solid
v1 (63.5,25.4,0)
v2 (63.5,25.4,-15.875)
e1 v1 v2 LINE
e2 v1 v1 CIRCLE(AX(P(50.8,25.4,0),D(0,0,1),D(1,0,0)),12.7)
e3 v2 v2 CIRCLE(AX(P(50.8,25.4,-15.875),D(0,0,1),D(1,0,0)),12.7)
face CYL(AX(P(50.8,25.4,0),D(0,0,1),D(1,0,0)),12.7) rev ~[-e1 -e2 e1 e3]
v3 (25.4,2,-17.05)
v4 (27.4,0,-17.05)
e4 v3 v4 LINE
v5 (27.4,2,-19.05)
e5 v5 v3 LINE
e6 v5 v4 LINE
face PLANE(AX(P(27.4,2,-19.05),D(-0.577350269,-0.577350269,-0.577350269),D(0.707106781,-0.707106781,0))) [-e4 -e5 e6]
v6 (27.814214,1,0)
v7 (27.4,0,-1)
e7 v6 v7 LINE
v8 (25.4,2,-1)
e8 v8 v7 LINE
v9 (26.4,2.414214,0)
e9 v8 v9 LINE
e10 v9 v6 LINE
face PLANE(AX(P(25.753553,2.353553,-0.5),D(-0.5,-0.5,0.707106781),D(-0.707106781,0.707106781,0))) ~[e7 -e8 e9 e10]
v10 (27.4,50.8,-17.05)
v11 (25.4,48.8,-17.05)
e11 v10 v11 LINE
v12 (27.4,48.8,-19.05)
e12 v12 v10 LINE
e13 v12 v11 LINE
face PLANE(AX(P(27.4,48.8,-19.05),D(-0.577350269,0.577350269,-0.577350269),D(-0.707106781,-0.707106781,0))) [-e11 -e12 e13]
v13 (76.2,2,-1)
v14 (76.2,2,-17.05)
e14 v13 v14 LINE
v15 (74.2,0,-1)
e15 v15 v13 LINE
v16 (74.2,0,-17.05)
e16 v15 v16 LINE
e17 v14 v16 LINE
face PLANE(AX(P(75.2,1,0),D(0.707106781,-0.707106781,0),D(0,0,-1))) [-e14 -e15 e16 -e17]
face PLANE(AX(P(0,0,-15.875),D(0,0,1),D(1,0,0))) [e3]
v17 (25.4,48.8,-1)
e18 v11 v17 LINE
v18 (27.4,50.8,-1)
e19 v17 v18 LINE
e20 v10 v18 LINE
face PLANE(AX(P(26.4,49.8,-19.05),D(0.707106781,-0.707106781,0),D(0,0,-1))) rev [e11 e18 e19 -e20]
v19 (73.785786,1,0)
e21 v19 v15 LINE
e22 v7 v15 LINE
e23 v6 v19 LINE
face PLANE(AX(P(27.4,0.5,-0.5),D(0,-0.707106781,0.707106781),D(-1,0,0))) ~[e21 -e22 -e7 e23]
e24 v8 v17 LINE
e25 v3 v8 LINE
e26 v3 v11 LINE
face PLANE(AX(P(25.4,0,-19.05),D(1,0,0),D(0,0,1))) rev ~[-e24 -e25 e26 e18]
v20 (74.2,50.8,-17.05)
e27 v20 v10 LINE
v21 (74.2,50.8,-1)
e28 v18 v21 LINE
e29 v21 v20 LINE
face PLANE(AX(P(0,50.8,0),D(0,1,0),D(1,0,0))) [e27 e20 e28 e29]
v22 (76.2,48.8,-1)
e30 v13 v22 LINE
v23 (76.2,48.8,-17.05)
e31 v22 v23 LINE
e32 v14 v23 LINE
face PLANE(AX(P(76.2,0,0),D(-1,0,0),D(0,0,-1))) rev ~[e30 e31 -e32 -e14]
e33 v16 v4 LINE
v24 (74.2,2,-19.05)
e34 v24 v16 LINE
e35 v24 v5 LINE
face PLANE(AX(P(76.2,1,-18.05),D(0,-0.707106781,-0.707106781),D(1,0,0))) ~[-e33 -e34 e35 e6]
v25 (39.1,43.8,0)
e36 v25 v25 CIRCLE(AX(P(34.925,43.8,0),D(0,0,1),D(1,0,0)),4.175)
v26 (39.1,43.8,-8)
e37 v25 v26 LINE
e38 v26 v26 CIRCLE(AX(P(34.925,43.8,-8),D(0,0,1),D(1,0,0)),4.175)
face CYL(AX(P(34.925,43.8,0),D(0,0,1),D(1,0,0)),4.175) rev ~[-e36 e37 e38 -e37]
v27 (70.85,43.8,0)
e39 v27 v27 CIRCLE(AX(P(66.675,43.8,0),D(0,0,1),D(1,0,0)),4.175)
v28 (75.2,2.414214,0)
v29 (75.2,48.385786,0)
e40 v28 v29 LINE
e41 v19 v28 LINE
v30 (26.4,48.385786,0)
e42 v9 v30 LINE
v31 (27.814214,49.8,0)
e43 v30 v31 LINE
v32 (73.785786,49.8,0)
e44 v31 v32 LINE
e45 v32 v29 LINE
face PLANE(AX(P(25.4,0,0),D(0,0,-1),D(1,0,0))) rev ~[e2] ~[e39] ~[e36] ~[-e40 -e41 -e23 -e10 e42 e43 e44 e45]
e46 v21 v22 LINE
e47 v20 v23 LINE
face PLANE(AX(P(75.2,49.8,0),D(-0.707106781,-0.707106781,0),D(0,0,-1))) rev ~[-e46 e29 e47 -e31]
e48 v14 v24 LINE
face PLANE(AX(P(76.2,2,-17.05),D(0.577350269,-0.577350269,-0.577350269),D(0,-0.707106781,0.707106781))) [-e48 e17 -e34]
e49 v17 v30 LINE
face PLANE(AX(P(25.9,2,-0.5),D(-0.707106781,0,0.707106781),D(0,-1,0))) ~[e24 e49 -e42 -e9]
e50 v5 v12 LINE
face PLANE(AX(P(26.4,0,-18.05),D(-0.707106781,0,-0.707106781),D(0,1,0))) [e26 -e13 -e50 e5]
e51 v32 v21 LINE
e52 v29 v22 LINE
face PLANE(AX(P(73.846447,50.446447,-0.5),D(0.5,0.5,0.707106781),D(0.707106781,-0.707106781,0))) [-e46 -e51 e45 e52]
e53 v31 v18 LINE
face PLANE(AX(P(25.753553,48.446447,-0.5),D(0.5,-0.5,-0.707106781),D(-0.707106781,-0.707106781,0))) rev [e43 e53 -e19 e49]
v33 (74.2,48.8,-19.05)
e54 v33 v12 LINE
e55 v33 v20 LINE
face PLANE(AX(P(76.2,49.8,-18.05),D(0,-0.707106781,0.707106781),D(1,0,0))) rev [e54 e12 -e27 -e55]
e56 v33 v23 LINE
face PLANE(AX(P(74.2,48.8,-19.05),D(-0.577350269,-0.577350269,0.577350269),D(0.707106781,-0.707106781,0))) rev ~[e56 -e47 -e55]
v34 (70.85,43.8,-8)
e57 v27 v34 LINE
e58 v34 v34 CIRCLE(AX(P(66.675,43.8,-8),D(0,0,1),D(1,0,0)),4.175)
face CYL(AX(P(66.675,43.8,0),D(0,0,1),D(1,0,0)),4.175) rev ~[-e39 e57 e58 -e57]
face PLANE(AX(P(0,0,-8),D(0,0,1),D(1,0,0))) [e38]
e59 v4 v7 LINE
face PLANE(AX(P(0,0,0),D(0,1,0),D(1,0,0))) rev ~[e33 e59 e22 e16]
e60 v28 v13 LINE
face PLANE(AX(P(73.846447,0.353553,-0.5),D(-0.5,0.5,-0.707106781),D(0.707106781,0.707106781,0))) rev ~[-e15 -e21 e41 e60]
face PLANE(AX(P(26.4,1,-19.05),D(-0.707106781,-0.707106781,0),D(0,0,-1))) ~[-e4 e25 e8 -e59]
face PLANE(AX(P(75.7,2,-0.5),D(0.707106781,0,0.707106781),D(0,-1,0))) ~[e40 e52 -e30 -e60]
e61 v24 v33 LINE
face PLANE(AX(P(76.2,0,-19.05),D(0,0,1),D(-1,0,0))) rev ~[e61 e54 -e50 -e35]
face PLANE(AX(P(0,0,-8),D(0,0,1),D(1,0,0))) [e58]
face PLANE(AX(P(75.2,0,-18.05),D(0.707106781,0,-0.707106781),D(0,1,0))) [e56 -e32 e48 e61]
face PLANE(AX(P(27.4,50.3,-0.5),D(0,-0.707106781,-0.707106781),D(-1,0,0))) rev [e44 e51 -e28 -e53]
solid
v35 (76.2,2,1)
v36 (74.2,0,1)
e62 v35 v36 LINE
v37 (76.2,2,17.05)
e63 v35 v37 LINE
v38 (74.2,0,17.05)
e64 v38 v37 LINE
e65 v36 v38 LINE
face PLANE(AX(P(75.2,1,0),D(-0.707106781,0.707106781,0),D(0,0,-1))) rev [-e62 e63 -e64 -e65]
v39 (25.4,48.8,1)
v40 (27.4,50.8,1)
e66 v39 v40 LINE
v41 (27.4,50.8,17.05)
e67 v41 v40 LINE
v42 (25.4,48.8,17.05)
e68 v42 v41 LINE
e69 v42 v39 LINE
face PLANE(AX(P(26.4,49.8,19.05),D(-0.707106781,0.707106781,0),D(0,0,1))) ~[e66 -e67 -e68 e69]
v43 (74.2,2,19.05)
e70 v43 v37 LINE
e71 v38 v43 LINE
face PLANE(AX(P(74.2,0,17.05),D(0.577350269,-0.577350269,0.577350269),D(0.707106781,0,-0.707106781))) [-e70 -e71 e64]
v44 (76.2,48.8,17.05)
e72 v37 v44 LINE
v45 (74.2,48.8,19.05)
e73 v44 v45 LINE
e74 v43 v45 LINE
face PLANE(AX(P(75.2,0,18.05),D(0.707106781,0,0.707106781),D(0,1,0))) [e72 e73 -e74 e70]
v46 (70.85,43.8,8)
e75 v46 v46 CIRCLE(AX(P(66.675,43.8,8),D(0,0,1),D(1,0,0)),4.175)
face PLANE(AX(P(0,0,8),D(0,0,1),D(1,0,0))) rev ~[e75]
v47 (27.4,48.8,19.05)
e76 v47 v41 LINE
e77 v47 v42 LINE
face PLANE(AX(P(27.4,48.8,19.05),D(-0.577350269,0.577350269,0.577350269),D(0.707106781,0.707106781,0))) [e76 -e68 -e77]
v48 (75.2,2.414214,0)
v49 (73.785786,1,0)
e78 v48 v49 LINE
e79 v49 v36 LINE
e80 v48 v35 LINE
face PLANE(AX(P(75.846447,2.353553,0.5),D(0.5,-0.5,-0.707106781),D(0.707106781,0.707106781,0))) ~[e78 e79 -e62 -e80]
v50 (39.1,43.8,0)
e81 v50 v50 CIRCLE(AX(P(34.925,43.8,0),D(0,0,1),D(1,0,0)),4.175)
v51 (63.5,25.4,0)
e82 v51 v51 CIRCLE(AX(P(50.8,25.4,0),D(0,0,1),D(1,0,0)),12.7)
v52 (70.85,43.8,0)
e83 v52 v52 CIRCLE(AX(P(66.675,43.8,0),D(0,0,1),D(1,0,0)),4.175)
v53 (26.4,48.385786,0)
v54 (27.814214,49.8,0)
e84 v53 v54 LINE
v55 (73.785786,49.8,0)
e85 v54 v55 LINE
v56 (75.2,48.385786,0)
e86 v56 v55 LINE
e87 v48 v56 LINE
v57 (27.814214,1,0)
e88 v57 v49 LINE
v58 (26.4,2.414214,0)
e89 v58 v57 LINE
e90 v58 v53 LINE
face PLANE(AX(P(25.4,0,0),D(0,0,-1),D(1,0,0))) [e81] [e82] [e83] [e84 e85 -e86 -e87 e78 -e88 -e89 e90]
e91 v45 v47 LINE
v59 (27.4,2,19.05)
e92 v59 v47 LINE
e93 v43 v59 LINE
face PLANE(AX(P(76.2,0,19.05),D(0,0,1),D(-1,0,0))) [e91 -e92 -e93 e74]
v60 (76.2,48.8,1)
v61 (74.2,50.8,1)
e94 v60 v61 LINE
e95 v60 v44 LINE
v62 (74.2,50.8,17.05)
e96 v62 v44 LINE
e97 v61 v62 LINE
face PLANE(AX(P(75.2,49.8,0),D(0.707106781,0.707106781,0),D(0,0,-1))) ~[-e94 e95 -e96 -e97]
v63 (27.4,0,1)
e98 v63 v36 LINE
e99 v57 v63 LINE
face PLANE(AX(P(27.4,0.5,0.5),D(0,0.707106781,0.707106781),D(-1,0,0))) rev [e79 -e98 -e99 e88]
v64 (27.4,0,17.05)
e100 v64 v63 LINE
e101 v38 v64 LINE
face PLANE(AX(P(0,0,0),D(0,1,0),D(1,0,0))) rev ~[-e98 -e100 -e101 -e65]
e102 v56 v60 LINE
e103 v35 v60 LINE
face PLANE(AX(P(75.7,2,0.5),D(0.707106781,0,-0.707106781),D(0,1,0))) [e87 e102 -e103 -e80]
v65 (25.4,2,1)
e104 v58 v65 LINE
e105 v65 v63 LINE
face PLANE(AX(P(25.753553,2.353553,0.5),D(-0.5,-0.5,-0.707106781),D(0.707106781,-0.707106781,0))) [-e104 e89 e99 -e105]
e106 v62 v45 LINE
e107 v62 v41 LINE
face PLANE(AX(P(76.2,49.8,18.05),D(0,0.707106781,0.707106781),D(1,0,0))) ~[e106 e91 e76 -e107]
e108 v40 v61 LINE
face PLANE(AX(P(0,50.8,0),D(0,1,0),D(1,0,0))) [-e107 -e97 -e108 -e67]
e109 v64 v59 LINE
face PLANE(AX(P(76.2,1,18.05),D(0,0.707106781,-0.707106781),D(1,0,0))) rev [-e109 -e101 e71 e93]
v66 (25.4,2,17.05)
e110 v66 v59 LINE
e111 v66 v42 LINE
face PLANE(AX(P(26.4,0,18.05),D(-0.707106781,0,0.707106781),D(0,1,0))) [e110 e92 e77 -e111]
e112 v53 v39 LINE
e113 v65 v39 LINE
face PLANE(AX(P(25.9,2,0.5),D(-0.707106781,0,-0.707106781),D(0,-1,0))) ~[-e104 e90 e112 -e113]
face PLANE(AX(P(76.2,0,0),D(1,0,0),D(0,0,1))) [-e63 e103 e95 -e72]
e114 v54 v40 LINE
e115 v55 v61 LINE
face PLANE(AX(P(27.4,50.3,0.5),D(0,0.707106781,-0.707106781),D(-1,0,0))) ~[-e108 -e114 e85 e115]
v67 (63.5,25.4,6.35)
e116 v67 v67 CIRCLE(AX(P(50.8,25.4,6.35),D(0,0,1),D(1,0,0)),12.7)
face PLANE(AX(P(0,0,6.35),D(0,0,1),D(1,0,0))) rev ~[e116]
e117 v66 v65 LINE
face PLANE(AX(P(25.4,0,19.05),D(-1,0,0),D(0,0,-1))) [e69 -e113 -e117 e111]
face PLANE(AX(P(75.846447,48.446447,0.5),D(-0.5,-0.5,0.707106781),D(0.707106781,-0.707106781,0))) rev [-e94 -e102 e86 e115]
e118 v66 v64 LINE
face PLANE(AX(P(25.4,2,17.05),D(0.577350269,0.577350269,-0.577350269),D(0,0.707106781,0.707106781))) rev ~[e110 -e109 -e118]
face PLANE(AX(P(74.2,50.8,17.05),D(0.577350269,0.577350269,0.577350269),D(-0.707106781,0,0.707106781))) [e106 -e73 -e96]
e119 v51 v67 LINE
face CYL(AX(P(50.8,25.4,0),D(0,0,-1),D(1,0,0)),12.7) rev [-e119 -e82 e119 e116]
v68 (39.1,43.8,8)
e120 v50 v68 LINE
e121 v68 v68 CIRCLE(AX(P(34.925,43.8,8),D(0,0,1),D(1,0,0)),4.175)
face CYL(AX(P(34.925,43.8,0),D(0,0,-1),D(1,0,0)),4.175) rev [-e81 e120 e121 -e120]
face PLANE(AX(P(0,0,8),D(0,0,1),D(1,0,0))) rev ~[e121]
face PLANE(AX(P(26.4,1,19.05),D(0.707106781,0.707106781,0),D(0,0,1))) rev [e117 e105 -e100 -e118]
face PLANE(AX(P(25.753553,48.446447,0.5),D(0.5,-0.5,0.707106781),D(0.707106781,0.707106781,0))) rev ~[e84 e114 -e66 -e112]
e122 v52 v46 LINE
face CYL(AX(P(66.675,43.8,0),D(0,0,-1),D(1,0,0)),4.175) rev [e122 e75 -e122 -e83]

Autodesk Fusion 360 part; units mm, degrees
ref_plane "WorkPlane1" through (0, 0, 0) normal (0, 0, 1) x (1, 0, 0)
ref_plane "WorkPlane1" through (0, 0, 0) normal (0, 1, 0) x (0, 0, 1) in component "RingBox_Bottom"
sketch "RB_Bottom" plane through (0, 0, 0) normal (0, 1, 0) x (1, 0, 0) in component "RingBox_Bottom"
  line L0 (25.4, 0) -> (76.2, 0)
  line L1 (76.2, 0) -> (76.2, 19.05)
  line L2 (76.2, 19.05) -> (25.4, 19.05)
  line L3 (25.4, 19.05) -> (25.4, 0)
  point P0 (25.4, 0)
  dimension "Z_RB_Bottom_Orig" = 0
  dimension "X_RB_Bottom_Orig" = 25.4
  dimension "RB_Bottom_Thickness" = 19.05
  dimension "RB_Bottom_Width" = 50.8
extrude "Extrude1" add sketch "RB_Bottom" along normal blind 50.8 makes body 1 in component "RingBox_Bottom"
ref_plane "WorkPlane1" through (0, 0, 0) normal (0, 1, 0) x (0, 0, 1) in component "RingBox_Top"
sketch "Sketch1" plane through (0, 0, 0) normal (0, 1, 0) x (1, 0, 0) in component "RingBox_Top"
  line L0 (25.4, 0) -> (76.2, 0)
  line L1 (76.2, 0) -> (76.2, -19.05)
  line L2 (76.2, -19.05) -> (25.4, -19.05)
  line L3 (25.4, -19.05) -> (25.4, 0)
  point P0 (25.4, 0)
  dimension "Z_RB_Top_Orig" = 0
  dimension "X_RB_Top_Orig" = 25.4
  dimension "RB_Top_Width" = 50.8
  dimension "RB_Top_Thickness" = 19.05
extrude "Extrude1'" add sketch "Sketch1" along normal blind 50.8 separate body makes body 2 in component "RingBox_Top"
ref_plane "WorkPlane2" through (0, 0, 0) normal (0, 0, 1) x (1, 0, 0) in component "RingBox_Bottom"
sketch "RBB_Holes" plane through (0, 0, 0) normal (0, 0, 1) x (1, 0, 0) in component "RingBox_Bottom"
  circle A0 centre (50.8, 25.4) radius 12.7
  line L0 (25.4, 50.8) -> (76.2, 50.8)
  line L1 (25.4, 0) -> (25.4, 50.8)
  circle A1 centre (34.925, 43.8) radius 4.175
  circle A2 centre (66.675, 43.8) radius 4.175
  point P0 (50.8, 25.4)
  point P1 (34.925, 43.8)
  point P2 (66.675, 43.8)
  dimension "Y_RBB_Holes_Orig" = -25.4
  dimension "X_RBB_Holes_Orig" = 50.8
  dimension "RBBH_Ring_Diameter" = 25.4
  dimension "Hinge1_Y_Offset" = 18.4
  dimension "RBB_DistanceBTWParts1" = 15.875
  dimension "Hinge2_Y_Offset" = 18.4
  dimension "RBB_DistanceBTWParts2" = 15.875
  dimension "RBBH_Barrel1_Diameter" = 8.35
  dimension "RBBH_Barrel2_Diameter" = 8.35
extrude "Extrude2" cut sketch "RBB_Holes" along normal mid plane 16 contours A1 | A2 bodies 1 in component "RingBox_Bottom"
chamfer "Chamfer1" distance 2 angle 45 8 edges at (76.2, 50.8, -9.525) (25.4, 50.8, -9.525) (25.4, 0, -9.525) (50.8, 50.8, -19.05) (25.4, 25.4, -19.05) (50.8, 0, -19.05) (76.2, 25.4, -19.05) (76.2, 0, -9.525) on bodies 1 in component "RingBox_Bottom"
chamfer "Chamfer1'" distance 2 angle 45 8 edges at (76.2, 25.4, 19.05) (50.8, 0, 19.05) (76.2, 0, 9.525) (76.2, 50.8, 9.525) (25.4, 50.8, 9.525) (25.4, 0, 9.525) (25.4, 25.4, 19.05) (50.8, 50.8, 19.05) on bodies 2 in component "RingBox_Top"
chamfer "Chamfer2" distance 1 angle 45 8 edges at (25.4, 25.4, 0) (50.8, 0, 0) (76.2, 25.4, 0) (50.8, 50.8, 0) (75.2, 49.8, 0) (26.4, 49.8, 0) (26.4, 1, 0) (75.2, 1, 0) on bodies 1 in component "RingBox_Bottom"
chamfer "Chamfer2'" distance 1 angle 45 8 edges at (25.4, 25.4, 0) (26.4, 49.8, 0) (50.8, 50.8, 0) (75.2, 49.8, 0) (76.2, 25.4, 0) (75.2, 1, 0) (26.4, 1, 0) (50.8, 0, 0) on bodies 2 in component "RingBox_Top"
extrude "Extrude2'" cut sketch "RBB_Holes" along normal blind 8 contours A1 | A2 bodies 2 in component "RingBox_Top"
extrude "Extrude3" cut sketch "RBB_Holes" against normal blind 15.875 contours A0 bodies 1 in component "RingBox_Bottom"
extrude "Extrude3'" cut sketch "RBB_Holes" along normal blind 6.35 contours A0 bodies 2 in component "RingBox_Top"
component "RingBox_Top" placed x (1, 0, 0) y (0, 1, 0) z (0, 0, 1) at (0, 0, 0)
component "RingBox_Bottom" placed x (1, 0, 0) y (0, 1, 0) z (0, 0, 1) at (0, 0, 0)
equation "Shared_Kerf = 0.125 in"
equation "Z_RingBox_Orig = 0 in"
equation "Shared_Material_Thickness = 2 in"
equation "Y_RB_Bottom_Orig = 0 in"
equation "RB_Bottom_Thickness = Shared_Total_Height / 2"
equation "RB_Bottom_Width = Shared_Material_Thickness"
equation "RB_Bottom_Length = Shared_Material_Thickness"
equation "Y_RB_Top_Orig = Y_RB_Bottom_Orig"
equation "RB_Top_Width = Shared_Material_Thickness"
equation "RB_Top_Thickness = Shared_Total_Height / 2" comment "make sure to incude kerf when cutting stock"
equation "RB_Top_Length = Shared_Material_Thickness"
equation "Z_RBB_Holes_Orig = Z_RB_Bottom_Orig"
equation "Y_RBB_Holes_Orig = -( Y_RB_Bottom_Orig + ( RB_Bottom_Length / 2 ) )"
equation "X_RBB_Holes_Orig = X_RB_Bottom_Orig + ( RB_Bottom_Width / 2 )"
equation "Hinge_Y_Offset = 7 mm"
equation "Hinge1_Y_Offset = ( RB_Bottom_Length / 2 ) - Hinge_Y_Offset"
equation "Hinge_DistBTWParts = 1.25 in"
equation "RBB_DistanceBTWParts1 = Hinge_DistBTWParts / 2"
equation "Hinge2_Y_Offset = ( RB_Bottom_Length / 2 ) - Hinge_Y_Offset"
equation "RBB_DistanceBTWParts2 = Hinge_DistBTWParts / 2"
equation "RBBH_Barrel1_Diameter = Shared_Barrel_Diameter"
equation "RBBH_Barrel2_Diameter = Shared_Barrel_Diameter"
equation "Shared_Barrel_Diameter = 8.35 mm"
equation "RBH_Hinge_Depth = Shared_Hinge_Depth"
equation "External_Chamfer = 2 mm"
equation "Internal_Chamfer = 1 mm"
equation "RTH_Hinge_Depth = Shared_Hinge_Depth"
equation "RBBH_Ring_Depth = -( RB_Bottom_Thickness - 0.125 in )"
equation "RBTH_Ring_Depth = 0.25 in"
equation "Shared_Total_Height = 1.5 in"
equation "Shared_Hinge_Depth = 8 mm"
